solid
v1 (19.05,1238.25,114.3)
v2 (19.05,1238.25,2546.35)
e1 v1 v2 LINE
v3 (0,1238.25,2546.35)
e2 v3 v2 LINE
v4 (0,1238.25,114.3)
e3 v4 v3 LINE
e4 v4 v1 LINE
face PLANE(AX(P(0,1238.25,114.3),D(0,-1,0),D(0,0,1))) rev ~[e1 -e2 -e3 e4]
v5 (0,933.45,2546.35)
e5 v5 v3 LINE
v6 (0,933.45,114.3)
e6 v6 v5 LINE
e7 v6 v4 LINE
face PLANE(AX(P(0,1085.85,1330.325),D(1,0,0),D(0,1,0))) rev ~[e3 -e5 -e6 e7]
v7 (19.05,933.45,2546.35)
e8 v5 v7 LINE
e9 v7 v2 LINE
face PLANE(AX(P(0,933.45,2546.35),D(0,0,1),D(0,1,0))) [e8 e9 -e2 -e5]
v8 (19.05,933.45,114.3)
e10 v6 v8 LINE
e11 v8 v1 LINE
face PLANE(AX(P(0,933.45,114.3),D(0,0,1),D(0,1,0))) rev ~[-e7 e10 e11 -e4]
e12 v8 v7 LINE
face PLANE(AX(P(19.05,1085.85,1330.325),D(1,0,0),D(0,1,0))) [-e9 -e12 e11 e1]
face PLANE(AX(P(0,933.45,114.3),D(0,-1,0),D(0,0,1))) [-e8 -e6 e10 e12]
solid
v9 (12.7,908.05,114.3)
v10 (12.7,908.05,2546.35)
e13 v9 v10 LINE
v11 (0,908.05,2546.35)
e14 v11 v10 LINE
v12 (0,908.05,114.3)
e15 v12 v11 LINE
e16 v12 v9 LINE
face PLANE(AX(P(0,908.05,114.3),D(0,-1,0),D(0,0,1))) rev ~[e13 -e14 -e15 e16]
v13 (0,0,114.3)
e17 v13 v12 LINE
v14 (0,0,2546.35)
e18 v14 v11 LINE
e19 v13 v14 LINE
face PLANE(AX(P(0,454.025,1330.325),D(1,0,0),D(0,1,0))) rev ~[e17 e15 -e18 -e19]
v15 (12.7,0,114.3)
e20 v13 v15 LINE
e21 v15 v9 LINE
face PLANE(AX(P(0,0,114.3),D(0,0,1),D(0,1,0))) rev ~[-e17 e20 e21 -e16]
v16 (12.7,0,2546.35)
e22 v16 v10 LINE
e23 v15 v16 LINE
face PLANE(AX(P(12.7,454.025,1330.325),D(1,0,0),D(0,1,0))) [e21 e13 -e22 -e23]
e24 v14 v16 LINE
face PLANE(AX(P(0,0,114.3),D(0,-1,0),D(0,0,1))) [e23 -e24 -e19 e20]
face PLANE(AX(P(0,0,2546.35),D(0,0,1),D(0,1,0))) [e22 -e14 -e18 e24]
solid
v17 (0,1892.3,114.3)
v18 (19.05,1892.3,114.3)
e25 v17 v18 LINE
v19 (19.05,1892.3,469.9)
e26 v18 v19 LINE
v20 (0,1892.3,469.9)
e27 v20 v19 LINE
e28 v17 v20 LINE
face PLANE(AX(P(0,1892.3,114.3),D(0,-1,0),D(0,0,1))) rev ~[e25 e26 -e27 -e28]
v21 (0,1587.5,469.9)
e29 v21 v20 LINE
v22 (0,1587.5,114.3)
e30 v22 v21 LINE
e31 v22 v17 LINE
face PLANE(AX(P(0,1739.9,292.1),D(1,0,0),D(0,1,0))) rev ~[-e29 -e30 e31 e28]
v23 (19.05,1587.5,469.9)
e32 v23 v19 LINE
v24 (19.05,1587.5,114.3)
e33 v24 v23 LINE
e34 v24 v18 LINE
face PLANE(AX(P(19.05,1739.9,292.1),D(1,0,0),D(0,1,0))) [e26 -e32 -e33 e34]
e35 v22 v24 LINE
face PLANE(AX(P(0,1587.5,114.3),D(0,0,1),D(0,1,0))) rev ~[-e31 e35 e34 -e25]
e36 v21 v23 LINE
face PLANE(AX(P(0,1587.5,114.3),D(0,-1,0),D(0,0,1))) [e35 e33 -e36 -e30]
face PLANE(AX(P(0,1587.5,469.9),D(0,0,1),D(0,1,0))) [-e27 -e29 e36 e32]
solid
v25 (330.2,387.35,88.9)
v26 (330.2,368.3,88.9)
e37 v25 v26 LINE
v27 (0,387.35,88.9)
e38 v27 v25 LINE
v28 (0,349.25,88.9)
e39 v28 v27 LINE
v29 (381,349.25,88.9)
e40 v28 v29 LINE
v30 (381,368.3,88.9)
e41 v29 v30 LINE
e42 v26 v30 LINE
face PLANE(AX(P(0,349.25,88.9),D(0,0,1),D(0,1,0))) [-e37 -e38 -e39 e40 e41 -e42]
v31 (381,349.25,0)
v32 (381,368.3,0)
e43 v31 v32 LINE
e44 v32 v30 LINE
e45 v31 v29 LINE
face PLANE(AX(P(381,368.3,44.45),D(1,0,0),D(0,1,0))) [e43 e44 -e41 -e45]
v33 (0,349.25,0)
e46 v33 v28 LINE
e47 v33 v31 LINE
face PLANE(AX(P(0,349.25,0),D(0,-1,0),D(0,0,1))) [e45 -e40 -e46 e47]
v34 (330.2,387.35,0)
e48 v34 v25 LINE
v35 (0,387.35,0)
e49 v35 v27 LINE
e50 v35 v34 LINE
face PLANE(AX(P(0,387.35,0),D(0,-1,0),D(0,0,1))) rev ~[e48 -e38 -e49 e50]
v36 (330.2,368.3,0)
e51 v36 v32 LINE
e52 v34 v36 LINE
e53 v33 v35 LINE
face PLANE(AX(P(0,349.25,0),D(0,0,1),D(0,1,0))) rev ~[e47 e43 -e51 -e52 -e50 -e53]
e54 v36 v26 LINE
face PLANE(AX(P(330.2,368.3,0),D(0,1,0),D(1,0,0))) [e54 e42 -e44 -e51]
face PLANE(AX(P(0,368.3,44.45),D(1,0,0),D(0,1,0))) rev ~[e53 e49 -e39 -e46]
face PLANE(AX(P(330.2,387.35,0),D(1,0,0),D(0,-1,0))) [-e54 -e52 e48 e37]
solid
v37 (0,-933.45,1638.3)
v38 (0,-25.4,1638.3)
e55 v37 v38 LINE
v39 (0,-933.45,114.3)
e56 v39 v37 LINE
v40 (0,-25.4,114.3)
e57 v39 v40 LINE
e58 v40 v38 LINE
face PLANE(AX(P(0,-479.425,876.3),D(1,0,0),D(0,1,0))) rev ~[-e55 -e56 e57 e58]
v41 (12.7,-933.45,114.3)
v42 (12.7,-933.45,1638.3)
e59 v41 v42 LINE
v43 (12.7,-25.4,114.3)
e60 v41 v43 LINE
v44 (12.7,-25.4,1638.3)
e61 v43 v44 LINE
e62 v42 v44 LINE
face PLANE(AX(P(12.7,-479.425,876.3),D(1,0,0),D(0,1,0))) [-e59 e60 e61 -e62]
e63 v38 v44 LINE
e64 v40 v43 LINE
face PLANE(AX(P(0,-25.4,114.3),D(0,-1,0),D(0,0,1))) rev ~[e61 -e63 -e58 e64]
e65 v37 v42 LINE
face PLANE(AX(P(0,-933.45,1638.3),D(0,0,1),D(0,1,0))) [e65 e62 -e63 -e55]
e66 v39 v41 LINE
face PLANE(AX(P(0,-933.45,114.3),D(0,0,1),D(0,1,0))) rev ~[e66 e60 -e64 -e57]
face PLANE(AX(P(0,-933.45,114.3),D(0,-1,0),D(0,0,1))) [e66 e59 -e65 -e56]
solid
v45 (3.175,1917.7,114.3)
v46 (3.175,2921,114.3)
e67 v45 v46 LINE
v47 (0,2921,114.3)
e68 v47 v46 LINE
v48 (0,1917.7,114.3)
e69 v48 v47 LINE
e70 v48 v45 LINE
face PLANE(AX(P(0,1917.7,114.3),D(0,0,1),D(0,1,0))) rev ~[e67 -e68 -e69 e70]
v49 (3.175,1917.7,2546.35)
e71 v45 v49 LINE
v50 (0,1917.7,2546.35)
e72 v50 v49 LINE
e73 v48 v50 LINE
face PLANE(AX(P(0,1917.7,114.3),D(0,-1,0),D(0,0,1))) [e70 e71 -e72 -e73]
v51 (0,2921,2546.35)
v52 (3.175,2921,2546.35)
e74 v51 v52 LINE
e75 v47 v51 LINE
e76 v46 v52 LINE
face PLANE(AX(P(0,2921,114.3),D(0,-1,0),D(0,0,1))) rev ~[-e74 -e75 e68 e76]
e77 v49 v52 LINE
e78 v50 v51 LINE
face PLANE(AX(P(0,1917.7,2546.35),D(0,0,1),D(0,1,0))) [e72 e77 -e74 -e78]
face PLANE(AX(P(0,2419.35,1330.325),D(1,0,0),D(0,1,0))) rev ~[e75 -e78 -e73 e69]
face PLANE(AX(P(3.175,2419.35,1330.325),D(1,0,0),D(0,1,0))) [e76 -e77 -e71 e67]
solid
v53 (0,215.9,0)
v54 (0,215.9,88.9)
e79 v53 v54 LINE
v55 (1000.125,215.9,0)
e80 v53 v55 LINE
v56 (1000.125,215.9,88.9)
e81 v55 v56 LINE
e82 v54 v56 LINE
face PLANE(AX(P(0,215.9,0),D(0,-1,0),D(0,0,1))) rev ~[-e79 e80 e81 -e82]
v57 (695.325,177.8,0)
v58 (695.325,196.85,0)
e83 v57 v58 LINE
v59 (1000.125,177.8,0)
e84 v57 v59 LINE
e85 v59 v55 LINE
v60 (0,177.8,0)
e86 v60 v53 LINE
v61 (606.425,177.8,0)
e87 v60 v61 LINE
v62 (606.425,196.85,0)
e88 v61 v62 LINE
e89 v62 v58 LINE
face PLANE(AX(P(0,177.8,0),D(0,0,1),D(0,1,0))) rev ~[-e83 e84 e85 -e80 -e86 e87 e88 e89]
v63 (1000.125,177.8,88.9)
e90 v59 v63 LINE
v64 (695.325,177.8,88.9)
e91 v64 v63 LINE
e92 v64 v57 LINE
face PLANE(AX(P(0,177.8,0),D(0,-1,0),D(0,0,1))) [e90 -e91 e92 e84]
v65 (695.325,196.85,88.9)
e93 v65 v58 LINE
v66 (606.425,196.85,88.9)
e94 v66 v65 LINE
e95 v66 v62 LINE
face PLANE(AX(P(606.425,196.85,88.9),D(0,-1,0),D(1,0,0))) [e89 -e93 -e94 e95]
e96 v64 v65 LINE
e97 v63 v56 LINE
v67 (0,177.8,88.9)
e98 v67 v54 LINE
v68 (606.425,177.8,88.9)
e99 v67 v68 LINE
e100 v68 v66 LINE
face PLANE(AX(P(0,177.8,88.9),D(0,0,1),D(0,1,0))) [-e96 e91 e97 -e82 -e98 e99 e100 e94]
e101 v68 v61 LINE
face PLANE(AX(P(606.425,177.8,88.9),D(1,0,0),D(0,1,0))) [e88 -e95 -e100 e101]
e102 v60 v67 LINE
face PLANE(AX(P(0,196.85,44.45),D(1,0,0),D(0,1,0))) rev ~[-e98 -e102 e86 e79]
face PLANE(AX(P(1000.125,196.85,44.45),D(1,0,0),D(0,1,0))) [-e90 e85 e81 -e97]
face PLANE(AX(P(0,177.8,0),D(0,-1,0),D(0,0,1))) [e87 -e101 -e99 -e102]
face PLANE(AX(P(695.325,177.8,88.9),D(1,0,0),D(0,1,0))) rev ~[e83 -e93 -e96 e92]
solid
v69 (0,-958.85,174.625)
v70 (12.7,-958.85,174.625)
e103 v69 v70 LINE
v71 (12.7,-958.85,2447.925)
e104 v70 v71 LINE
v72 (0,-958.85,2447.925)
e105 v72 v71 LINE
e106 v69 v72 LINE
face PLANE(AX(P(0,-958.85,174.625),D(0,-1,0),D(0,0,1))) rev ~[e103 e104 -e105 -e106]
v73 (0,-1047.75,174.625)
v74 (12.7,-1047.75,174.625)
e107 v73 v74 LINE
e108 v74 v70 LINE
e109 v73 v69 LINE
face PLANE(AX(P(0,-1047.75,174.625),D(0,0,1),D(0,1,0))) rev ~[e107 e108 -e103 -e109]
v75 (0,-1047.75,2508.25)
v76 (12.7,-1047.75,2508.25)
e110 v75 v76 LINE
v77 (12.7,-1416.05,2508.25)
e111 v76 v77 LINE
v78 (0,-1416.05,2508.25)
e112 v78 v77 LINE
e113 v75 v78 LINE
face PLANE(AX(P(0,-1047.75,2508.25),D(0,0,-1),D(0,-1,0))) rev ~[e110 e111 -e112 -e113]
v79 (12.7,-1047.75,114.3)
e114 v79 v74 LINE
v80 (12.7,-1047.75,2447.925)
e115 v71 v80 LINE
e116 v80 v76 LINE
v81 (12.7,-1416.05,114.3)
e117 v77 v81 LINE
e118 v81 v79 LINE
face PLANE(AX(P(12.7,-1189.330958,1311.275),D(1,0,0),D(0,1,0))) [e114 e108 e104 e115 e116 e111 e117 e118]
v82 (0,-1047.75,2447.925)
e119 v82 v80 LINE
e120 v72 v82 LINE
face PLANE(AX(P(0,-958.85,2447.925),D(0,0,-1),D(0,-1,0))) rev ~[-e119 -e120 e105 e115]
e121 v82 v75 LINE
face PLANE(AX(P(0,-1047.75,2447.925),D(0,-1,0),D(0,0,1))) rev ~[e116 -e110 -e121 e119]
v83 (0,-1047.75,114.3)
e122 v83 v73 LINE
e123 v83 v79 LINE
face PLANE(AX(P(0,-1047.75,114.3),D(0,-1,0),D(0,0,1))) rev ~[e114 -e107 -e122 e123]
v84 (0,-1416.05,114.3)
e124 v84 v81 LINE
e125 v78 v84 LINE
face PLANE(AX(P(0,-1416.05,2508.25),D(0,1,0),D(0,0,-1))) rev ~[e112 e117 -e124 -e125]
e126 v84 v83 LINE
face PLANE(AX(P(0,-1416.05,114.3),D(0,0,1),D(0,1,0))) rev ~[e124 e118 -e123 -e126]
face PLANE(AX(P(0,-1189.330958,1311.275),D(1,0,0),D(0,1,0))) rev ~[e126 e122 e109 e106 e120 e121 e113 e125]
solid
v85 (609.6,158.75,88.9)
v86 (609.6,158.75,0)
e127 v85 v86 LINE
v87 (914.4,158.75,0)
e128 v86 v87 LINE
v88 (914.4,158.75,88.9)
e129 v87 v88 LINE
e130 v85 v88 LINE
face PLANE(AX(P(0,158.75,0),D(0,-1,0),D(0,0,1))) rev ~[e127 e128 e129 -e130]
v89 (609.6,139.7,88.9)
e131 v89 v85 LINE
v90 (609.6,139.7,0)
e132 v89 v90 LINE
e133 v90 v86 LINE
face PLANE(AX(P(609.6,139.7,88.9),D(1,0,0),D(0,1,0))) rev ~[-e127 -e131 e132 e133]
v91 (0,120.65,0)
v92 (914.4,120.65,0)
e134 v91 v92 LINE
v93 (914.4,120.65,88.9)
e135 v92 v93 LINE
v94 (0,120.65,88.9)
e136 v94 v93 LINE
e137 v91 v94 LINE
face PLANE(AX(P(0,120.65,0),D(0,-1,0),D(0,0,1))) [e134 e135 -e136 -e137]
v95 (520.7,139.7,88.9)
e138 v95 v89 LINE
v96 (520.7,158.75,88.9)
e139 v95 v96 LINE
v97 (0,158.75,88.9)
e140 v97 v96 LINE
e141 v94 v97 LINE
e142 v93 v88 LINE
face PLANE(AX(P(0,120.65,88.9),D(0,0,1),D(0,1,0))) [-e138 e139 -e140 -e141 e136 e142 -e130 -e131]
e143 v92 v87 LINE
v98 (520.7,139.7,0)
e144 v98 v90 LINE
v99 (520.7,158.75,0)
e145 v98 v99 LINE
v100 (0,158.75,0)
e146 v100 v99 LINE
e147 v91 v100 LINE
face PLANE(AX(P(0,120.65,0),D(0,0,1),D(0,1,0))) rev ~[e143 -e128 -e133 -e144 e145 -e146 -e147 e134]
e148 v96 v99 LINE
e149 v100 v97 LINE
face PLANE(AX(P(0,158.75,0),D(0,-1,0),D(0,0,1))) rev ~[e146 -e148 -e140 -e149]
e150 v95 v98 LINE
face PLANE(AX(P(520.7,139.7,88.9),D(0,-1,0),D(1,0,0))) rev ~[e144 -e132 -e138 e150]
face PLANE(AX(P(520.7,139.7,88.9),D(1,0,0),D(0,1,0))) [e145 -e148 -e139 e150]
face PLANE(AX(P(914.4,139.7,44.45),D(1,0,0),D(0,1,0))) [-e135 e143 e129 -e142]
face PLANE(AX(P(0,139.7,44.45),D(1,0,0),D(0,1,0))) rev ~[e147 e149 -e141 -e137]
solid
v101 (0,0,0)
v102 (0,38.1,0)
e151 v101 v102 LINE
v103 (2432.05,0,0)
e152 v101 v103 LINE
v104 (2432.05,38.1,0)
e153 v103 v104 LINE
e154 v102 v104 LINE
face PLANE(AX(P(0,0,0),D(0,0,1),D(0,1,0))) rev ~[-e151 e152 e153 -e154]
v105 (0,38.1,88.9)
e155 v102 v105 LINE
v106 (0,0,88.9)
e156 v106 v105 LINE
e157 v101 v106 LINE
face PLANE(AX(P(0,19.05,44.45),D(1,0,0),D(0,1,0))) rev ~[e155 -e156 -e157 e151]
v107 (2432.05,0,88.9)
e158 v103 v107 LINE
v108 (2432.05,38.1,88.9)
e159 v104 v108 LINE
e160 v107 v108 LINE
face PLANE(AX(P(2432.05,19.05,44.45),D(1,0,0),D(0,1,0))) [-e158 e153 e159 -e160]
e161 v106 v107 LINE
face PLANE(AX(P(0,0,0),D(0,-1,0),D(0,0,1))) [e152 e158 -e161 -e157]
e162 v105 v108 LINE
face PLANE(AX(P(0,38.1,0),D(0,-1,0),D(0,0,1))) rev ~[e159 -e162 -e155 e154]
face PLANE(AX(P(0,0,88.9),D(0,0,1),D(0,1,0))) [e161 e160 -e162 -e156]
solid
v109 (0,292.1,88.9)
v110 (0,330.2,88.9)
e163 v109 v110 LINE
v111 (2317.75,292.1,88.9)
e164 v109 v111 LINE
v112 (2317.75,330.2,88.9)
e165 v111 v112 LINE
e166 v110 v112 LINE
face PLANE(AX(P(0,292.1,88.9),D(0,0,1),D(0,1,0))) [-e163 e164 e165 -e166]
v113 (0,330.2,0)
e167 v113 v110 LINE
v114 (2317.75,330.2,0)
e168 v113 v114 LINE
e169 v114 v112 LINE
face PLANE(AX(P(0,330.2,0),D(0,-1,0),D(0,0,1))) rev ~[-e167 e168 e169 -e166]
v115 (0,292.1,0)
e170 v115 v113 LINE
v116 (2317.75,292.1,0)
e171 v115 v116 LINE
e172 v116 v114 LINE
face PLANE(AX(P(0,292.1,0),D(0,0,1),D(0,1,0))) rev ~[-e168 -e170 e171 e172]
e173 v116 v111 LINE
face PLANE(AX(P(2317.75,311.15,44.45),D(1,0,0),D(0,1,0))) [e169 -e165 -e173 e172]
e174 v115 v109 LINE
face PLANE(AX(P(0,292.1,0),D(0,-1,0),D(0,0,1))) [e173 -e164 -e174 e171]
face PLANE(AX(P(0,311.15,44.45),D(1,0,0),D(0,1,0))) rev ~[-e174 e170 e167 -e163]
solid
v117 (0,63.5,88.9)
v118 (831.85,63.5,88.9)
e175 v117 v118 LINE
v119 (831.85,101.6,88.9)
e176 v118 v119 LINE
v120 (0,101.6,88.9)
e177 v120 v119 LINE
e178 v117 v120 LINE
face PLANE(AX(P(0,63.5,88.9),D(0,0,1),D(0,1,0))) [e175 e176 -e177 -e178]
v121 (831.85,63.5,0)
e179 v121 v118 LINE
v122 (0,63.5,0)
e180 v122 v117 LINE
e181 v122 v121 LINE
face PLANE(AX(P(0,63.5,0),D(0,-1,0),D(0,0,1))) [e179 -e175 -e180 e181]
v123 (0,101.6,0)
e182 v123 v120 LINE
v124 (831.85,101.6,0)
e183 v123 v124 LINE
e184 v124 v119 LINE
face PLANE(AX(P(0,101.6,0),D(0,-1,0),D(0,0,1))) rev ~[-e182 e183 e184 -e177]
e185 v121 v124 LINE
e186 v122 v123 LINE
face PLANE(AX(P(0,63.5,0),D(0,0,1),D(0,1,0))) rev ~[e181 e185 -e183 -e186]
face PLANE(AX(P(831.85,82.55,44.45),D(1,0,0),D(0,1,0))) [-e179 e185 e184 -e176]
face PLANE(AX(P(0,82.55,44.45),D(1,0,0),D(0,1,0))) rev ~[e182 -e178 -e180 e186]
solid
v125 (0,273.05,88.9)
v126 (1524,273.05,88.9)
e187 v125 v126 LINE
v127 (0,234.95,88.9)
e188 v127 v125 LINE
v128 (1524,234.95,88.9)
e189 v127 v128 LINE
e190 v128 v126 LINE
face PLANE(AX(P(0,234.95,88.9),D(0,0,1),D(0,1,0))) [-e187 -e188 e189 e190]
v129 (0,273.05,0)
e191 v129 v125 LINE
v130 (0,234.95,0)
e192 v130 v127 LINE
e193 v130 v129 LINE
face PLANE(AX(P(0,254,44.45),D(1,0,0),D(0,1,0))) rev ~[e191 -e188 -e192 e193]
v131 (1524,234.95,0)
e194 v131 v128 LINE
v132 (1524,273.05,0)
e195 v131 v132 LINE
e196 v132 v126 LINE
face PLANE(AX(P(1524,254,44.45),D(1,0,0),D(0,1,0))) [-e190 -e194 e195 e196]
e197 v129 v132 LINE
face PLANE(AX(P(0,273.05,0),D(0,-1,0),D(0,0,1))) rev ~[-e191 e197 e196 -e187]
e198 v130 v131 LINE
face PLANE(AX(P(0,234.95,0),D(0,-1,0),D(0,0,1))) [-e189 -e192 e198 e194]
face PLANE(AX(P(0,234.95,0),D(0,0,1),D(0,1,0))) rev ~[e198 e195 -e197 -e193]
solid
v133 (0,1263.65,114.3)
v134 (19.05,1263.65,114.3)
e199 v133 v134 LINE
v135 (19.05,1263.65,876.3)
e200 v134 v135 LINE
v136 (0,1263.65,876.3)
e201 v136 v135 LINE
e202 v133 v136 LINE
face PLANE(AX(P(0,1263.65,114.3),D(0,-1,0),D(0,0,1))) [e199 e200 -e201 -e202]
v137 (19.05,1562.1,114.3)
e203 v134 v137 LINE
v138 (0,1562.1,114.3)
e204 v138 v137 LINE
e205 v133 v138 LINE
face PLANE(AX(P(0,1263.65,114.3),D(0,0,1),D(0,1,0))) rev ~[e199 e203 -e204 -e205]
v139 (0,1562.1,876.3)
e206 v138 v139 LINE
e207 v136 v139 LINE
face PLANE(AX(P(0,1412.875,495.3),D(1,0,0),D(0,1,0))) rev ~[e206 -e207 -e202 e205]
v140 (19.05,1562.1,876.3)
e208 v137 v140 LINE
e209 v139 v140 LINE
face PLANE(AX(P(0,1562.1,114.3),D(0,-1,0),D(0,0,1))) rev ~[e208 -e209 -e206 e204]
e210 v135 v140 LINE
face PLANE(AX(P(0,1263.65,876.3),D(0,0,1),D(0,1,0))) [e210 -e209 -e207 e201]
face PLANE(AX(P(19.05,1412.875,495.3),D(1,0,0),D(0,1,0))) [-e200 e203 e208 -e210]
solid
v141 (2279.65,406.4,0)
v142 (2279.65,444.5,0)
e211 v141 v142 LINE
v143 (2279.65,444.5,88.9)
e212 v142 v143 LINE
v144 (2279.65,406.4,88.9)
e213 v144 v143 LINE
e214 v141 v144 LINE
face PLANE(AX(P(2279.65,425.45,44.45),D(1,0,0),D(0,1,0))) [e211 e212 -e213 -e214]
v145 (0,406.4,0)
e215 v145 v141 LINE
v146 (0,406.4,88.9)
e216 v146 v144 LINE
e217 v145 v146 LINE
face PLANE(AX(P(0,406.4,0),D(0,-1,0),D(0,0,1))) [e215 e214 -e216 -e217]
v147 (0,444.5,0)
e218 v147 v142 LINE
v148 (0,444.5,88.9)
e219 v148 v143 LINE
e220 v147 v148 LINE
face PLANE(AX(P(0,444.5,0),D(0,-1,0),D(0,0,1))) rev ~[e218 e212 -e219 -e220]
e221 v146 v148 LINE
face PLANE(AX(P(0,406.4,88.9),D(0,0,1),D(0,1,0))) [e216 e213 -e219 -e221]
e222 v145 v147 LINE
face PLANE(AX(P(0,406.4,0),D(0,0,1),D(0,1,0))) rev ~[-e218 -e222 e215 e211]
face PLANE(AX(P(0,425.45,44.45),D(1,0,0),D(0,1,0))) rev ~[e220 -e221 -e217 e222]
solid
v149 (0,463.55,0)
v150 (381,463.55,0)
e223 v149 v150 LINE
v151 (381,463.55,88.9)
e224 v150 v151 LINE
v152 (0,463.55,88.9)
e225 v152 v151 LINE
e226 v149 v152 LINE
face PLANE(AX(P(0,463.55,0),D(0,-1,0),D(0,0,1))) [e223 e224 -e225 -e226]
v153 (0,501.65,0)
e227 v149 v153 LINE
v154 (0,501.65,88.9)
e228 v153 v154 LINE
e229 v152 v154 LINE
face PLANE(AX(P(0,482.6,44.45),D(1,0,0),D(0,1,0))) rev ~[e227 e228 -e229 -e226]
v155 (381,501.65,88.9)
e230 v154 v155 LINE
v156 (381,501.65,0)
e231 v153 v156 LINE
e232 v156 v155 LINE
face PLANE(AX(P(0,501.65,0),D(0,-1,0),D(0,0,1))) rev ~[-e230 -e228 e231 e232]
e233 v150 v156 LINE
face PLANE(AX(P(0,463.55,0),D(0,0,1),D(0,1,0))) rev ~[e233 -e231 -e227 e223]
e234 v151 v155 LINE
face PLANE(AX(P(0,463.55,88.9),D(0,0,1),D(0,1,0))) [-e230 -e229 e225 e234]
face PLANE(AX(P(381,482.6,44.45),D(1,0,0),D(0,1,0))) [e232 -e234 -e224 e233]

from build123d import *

# Parameters (mm, degrees)
F0_W      = 38.1
F0_H      = 88.9
F1_DEPTH  = 2432.05
F2_W      = 38.1
F2_H      = 88.9
F3_DEPTH  = 831.85
F4_W      = 38.1
F4_H      = 88.9
F5_DEPTH  = 914.4
F6_DEPTH  = 1000.125
F7_W      = 88.9
F7_H      = 19.05
F8_DEPTH  = 88.9
F9_W      = 88.9
F9_H      = 19.05
F10_DEPTH = 88.9
F4_W_2    = 908.05
F4_H_2    = 2432.05
F4_H_3    = 1524
F11_DEPTH = 12.7
F4_W_3    = 304.8
F4_W_4    = 298.45
F4_H_4    = 762
F4_H_5    = 355.6
F12_DEPTH = 19.05
F13_DEPTH = 1524
F14_DEPTH = 2317.75
F15_DEPTH = 381
F16_DEPTH = 2279.65
F17_W     = 50.8
F17_H     = 19.05
F18_DEPTH = 88.9
F4_W_5    = 1003.3
F19_DEPTH = 3.175


with BuildPart() as f1:
    # F0 (on Right) → F1 (new body)
    with BuildSketch(Plane.YZ):
        with Locations((19.05, 44.45)):
            Rectangle(F0_W, F0_H)
    extrude(amount=F1_DEPTH)


with BuildPart() as f3:
    # F2 (on Right) → F3 (new body)
    with BuildSketch(Plane.YZ):
        with Locations((82.55, 44.45)):
            Rectangle(F2_W, F2_H)
    extrude(amount=F3_DEPTH)


with BuildPart() as f5:
    # F4 (on Right) → F5 (new body)
    with BuildSketch(Plane.YZ):
        with Locations((139.7, 44.45)):
            Rectangle(F4_W, F4_H)
    extrude(amount=F5_DEPTH)

    # F9 (on face) → F10 (cut, through all)
    with BuildSketch(Plane.XY.offset(88.9)):
        with Locations((565.15, 149.225)):
            Rectangle(F9_W, F9_H)
    extrude(amount=-F10_DEPTH, mode=Mode.SUBTRACT)


with BuildPart() as f6:
    # F4 (on Right) → F6 (new body)
    with BuildSketch(Plane.YZ):
        with Locations((196.85, 44.45)):
            Rectangle(F4_W, F4_H)
    extrude(amount=F6_DEPTH)

    # F7 (on face) → F8 (cut, through all)
    with BuildSketch(Plane.XY.offset(88.9)):
        with Locations((650.875, 187.325)):
            Rectangle(F7_W, F7_H)
    extrude(amount=-F8_DEPTH, mode=Mode.SUBTRACT)


with BuildPart() as f11:
    # F4 (on Right) → F11 (new body)
    with BuildSketch(Plane.YZ):
        with Locations((454.025, 1330.325)):
            Rectangle(F4_W_2, F4_H_2)
        with Locations((-479.425, 876.3)):
            Rectangle(F4_W_2, F4_H_3)
        Polygon((-1416.05, 114.3), (-1047.75, 114.3), (-1047.75, 174.625), (-958.85, 174.625), (-958.85, 2447.925), (-1047.75, 2447.925), (-1047.75, 2508.25), (-1416.05, 2508.25), align=None)
    extrude(amount=F11_DEPTH)


with BuildPart() as f12:
    # F4 (on Right) → F12 (new body)
    with BuildSketch(Plane.YZ):
        with Locations((1085.85, 1330.325)):
            Rectangle(F4_W_3, F4_H_2)
        with Locations((1412.875, 495.3)):
            Rectangle(F4_W_4, F4_H_4)
        with Locations((1739.9, 292.1)):
            Rectangle(F4_W_3, F4_H_5)
    extrude(amount=F12_DEPTH)


with BuildPart() as f13:
    # F4 (on Right) → F13 (new body)
    with BuildSketch(Plane.YZ):
        with Locations((254, 44.45)):
            Rectangle(F4_W, F4_H)
    extrude(amount=F13_DEPTH)


with BuildPart() as f14:
    # F4 (on Right) → F14 (new body)
    with BuildSketch(Plane.YZ):
        with Locations((311.15, 44.45)):
            Rectangle(F4_W, F4_H)
    extrude(amount=F14_DEPTH)


with BuildPart() as f15:
    # F4 (on Right) → F15 (new body)
    with BuildSketch(Plane.YZ):
        with Locations((368.3, 44.45)):
            Rectangle(F4_W, F4_H)
        with Locations((482.6, 44.45)):
            Rectangle(F4_W, F4_H)
    extrude(amount=F15_DEPTH)

    # F17 (on face) → F18 (cut, through all)
    with BuildSketch(Plane(origin=(0, 0, 0), x_dir=(1, 0, 0), z_dir=(0, 0, -1))):
        with Locations((355.6, -377.825)):
            Rectangle(F17_W, F17_H)
    extrude(amount=-F18_DEPTH, mode=Mode.SUBTRACT)


with BuildPart() as f16:
    # F4 (on Right) → F16 (new body)
    with BuildSketch(Plane.YZ):
        with Locations((425.45, 44.45)):
            Rectangle(F4_W, F4_H)
    extrude(amount=F16_DEPTH)


with BuildPart() as f19:
    # F4 (on Right) → F19 (new body)
    with BuildSketch(Plane.YZ):
        with Locations((2419.35, 1330.325)):
            Rectangle(F4_W_5, F4_H_2)
    extrude(amount=F19_DEPTH)


solid = Compound([f1.part, f3.part, f5.part, f6.part, f11.part, f12.part, f13.part, f14.part, f15.part, f16.part, f19.part])
